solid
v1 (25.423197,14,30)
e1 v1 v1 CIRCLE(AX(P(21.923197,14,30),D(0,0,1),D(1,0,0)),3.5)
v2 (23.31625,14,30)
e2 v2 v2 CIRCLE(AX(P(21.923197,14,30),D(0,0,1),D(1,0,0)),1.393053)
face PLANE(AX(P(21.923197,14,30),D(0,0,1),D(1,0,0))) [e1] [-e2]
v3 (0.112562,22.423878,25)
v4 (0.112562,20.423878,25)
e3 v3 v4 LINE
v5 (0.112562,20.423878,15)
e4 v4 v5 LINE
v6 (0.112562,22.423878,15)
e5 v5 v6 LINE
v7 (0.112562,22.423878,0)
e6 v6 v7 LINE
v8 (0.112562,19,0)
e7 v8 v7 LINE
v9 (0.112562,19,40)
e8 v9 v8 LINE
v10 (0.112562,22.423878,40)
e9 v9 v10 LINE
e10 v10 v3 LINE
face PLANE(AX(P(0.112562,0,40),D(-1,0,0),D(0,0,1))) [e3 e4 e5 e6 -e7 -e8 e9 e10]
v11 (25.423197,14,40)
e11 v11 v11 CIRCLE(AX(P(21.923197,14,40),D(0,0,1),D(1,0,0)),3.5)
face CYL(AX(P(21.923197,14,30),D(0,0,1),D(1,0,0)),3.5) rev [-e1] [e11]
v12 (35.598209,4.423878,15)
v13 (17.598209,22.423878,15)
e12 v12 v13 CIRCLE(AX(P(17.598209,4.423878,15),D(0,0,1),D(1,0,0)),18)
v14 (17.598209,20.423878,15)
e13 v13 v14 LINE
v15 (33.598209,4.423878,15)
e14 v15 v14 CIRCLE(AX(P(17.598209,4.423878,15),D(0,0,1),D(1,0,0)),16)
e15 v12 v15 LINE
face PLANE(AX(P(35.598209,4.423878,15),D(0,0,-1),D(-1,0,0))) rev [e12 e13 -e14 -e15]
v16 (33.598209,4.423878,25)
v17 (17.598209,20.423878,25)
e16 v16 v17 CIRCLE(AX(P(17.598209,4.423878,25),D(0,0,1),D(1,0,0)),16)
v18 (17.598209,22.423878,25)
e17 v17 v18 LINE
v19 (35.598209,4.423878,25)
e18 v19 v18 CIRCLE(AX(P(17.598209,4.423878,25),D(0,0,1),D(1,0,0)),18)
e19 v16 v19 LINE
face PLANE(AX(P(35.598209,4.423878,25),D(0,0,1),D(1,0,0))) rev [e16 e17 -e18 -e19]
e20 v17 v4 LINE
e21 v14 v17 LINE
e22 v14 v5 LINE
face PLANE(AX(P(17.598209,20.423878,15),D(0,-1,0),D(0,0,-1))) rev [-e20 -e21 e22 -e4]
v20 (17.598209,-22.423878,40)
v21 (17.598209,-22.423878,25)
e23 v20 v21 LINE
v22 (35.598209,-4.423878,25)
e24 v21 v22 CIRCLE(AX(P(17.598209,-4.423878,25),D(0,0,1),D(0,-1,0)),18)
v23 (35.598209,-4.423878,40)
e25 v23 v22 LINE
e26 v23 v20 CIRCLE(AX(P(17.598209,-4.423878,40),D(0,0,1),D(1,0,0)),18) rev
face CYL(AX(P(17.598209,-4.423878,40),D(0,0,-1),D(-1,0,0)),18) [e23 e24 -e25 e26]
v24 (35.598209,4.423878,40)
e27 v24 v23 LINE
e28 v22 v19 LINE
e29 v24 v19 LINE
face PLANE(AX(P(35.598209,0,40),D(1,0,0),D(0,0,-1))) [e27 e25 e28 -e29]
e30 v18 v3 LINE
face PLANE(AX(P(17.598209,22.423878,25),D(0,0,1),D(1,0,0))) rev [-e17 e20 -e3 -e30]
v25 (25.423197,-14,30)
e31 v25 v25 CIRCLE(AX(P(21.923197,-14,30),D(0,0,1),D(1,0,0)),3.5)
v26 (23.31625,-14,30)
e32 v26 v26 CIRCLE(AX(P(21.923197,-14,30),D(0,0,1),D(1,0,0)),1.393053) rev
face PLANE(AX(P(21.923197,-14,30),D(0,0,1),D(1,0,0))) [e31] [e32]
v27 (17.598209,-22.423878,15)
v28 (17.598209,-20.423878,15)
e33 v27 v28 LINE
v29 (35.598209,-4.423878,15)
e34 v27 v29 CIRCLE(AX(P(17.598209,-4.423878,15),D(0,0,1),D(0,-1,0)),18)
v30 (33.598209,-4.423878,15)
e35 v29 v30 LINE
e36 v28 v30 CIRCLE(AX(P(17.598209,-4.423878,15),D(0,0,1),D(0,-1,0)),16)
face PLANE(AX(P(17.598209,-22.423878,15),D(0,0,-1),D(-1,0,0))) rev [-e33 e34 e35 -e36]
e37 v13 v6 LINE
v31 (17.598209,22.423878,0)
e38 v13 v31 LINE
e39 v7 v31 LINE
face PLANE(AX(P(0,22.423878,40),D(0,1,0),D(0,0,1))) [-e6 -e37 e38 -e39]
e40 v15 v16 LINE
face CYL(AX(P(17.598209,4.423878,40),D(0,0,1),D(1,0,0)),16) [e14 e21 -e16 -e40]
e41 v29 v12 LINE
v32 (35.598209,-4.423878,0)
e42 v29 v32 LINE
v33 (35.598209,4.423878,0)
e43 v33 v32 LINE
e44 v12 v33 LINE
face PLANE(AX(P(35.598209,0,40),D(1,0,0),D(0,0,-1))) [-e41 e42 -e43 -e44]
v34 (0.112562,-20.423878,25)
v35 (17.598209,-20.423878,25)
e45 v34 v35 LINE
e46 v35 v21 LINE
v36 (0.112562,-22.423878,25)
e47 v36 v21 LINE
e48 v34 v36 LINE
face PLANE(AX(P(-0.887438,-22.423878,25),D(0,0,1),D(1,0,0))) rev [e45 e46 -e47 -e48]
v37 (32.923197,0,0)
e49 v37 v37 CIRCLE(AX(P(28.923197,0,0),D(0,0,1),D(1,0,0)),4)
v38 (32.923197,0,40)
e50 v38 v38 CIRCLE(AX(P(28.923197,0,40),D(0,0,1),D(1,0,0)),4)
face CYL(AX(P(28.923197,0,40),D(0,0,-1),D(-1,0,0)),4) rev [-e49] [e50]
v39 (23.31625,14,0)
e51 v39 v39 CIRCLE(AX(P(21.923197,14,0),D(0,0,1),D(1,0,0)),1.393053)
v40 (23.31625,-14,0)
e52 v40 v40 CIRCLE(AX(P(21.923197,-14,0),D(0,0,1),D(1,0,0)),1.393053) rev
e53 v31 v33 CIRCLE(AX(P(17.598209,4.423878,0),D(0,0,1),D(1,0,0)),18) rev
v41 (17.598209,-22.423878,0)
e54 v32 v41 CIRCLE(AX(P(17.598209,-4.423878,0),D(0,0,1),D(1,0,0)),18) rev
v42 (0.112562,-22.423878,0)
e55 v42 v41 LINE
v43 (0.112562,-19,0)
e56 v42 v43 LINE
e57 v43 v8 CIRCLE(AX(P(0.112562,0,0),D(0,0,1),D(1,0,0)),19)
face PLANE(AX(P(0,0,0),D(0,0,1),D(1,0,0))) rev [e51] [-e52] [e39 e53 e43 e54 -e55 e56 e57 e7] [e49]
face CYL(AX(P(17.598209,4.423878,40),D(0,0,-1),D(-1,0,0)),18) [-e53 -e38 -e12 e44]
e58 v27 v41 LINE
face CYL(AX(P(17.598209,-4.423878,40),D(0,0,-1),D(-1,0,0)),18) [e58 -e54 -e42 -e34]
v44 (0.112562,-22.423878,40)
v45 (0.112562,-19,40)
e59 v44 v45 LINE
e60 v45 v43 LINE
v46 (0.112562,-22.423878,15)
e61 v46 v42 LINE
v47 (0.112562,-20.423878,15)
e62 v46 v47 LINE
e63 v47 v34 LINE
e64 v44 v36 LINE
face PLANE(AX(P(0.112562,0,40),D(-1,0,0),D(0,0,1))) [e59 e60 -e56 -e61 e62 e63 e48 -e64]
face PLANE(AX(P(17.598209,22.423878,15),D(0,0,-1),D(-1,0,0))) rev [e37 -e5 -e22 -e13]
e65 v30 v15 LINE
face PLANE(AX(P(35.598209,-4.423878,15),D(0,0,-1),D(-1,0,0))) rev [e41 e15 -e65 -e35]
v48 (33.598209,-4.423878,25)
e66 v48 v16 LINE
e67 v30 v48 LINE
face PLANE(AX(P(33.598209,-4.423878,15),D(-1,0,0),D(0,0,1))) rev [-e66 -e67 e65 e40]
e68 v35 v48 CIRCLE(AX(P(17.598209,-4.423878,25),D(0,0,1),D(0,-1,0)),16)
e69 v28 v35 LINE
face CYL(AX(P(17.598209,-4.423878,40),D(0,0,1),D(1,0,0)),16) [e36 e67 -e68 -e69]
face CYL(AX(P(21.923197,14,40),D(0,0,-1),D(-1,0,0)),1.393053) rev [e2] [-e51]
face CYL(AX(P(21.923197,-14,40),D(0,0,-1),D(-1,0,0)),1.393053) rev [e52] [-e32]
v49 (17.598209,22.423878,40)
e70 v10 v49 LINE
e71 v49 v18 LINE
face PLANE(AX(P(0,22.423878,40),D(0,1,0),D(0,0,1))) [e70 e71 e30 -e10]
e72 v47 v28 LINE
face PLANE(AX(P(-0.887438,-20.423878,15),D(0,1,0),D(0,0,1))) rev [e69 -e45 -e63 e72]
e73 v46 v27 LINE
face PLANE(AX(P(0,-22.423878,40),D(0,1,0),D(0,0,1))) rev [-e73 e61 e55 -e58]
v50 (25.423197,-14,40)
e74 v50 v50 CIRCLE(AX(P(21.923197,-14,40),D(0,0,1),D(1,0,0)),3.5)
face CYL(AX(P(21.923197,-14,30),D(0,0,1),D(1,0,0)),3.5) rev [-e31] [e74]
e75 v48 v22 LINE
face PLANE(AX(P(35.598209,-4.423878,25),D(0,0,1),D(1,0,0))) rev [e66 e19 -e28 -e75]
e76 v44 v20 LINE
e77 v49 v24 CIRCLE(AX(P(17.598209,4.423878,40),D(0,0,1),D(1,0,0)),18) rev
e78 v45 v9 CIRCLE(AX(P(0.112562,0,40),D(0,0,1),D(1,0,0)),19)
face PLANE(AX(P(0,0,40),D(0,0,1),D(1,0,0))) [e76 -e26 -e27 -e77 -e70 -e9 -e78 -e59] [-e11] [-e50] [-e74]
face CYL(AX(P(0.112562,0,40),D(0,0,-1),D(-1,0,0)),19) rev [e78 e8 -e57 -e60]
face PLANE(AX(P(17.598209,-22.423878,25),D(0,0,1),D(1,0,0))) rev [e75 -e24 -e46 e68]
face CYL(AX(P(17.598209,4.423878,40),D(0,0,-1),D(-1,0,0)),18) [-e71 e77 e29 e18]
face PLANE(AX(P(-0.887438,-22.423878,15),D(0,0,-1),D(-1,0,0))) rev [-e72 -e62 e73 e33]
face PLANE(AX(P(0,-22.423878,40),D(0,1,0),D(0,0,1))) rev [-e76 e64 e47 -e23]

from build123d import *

# Parameters (mm, degrees)
ESBO_O1_R                = 1.393053459
ESBO_O1_R_2              = 4
RESSALTO_EXTRUS_O1_DEPTH = 40
ESBO_O8_W                = 10
ESBO_O8_H                = 2
ESBO_O10_R               = 3.5
CORTE_EXTRUS_O1_DEPTH    = 10


with BuildPart() as part:
    # Esboço1 → Ressalto-extrusão1 (new body)
    with BuildSketch(Plane.XY):
        with BuildLine():
            Line((0.112562331, -22.423877672), (0.112562331, -19))
            ThreePointArc((0.112562331, -19), (19.112562331, 0), (0.112562331, 19))
            Line((0.112562331, 19), (0.112562331, 22.423877672))
            Line((0.112562331, 22.423877672), (17.598208573, 22.423877672))
            ThreePointArc((17.598208573, 22.423877672), (30.326130634, 17.151799733), (35.598208573, 4.423877672))
            Line((35.598208573, 4.423877672), (35.598208573, -4.423877672))
            ThreePointArc((35.598208573, -4.423877672), (30.326130634, -17.151799733), (17.598208573, -22.423877672))
            Line((17.598208573, -22.423877672), (0.112562331, -22.423877672))
        make_face()
        with Locations((21.9231968, -14)):
            Circle(ESBO_O1_R, mode=Mode.SUBTRACT)
        with Locations((21.9231968, 14)):
            Circle(ESBO_O1_R, mode=Mode.SUBTRACT)
        with Locations((28.9231968, 0)):
            Circle(ESBO_O1_R_2, mode=Mode.SUBTRACT)
    extrude(amount=RESSALTO_EXTRUS_O1_DEPTH)

    # Varredura de corte1: sweep along a path in Esboço9
    with BuildLine(Plane.XY.offset(40)) as varredura_de_corte1_path:
        Line((0.112562331, -22.423877672), (17.598208573, -22.423877672))
        ThreePointArc((17.598208573, -22.423877672), (30.326130634, -17.151799733), (35.598208573, -4.423877672))
        Line((35.598208573, -4.423877672), (35.598208573, 4.423877672))
        ThreePointArc((35.598208573, 4.423877672), (30.326130634, 17.151799733), (17.598208573, 22.423877672))
        Line((17.598208573, 22.423877672), (0.112562331, 22.423877672))
    # Esboço8 → Varredura de corte1 (sweep, cut)
    with BuildSketch(Plane.ZY.offset(-0.112562331)):
        with Locations((20, 21.423877672)):
            Rectangle(ESBO_O8_W, ESBO_O8_H)
    sweep(path=varredura_de_corte1_path.line, mode=Mode.SUBTRACT)

    # Esboço10 → Corte-extrusão1 (cut)
    with BuildSketch(Plane.XY.offset(40)):
        with Locations((21.9231968, 14)):
            Circle(ESBO_O10_R)
        with Locations((21.9231968, -14)):
            Circle(ESBO_O10_R)
    extrude(amount=-CORTE_EXTRUS_O1_DEPTH, mode=Mode.SUBTRACT)


solid = part.part
